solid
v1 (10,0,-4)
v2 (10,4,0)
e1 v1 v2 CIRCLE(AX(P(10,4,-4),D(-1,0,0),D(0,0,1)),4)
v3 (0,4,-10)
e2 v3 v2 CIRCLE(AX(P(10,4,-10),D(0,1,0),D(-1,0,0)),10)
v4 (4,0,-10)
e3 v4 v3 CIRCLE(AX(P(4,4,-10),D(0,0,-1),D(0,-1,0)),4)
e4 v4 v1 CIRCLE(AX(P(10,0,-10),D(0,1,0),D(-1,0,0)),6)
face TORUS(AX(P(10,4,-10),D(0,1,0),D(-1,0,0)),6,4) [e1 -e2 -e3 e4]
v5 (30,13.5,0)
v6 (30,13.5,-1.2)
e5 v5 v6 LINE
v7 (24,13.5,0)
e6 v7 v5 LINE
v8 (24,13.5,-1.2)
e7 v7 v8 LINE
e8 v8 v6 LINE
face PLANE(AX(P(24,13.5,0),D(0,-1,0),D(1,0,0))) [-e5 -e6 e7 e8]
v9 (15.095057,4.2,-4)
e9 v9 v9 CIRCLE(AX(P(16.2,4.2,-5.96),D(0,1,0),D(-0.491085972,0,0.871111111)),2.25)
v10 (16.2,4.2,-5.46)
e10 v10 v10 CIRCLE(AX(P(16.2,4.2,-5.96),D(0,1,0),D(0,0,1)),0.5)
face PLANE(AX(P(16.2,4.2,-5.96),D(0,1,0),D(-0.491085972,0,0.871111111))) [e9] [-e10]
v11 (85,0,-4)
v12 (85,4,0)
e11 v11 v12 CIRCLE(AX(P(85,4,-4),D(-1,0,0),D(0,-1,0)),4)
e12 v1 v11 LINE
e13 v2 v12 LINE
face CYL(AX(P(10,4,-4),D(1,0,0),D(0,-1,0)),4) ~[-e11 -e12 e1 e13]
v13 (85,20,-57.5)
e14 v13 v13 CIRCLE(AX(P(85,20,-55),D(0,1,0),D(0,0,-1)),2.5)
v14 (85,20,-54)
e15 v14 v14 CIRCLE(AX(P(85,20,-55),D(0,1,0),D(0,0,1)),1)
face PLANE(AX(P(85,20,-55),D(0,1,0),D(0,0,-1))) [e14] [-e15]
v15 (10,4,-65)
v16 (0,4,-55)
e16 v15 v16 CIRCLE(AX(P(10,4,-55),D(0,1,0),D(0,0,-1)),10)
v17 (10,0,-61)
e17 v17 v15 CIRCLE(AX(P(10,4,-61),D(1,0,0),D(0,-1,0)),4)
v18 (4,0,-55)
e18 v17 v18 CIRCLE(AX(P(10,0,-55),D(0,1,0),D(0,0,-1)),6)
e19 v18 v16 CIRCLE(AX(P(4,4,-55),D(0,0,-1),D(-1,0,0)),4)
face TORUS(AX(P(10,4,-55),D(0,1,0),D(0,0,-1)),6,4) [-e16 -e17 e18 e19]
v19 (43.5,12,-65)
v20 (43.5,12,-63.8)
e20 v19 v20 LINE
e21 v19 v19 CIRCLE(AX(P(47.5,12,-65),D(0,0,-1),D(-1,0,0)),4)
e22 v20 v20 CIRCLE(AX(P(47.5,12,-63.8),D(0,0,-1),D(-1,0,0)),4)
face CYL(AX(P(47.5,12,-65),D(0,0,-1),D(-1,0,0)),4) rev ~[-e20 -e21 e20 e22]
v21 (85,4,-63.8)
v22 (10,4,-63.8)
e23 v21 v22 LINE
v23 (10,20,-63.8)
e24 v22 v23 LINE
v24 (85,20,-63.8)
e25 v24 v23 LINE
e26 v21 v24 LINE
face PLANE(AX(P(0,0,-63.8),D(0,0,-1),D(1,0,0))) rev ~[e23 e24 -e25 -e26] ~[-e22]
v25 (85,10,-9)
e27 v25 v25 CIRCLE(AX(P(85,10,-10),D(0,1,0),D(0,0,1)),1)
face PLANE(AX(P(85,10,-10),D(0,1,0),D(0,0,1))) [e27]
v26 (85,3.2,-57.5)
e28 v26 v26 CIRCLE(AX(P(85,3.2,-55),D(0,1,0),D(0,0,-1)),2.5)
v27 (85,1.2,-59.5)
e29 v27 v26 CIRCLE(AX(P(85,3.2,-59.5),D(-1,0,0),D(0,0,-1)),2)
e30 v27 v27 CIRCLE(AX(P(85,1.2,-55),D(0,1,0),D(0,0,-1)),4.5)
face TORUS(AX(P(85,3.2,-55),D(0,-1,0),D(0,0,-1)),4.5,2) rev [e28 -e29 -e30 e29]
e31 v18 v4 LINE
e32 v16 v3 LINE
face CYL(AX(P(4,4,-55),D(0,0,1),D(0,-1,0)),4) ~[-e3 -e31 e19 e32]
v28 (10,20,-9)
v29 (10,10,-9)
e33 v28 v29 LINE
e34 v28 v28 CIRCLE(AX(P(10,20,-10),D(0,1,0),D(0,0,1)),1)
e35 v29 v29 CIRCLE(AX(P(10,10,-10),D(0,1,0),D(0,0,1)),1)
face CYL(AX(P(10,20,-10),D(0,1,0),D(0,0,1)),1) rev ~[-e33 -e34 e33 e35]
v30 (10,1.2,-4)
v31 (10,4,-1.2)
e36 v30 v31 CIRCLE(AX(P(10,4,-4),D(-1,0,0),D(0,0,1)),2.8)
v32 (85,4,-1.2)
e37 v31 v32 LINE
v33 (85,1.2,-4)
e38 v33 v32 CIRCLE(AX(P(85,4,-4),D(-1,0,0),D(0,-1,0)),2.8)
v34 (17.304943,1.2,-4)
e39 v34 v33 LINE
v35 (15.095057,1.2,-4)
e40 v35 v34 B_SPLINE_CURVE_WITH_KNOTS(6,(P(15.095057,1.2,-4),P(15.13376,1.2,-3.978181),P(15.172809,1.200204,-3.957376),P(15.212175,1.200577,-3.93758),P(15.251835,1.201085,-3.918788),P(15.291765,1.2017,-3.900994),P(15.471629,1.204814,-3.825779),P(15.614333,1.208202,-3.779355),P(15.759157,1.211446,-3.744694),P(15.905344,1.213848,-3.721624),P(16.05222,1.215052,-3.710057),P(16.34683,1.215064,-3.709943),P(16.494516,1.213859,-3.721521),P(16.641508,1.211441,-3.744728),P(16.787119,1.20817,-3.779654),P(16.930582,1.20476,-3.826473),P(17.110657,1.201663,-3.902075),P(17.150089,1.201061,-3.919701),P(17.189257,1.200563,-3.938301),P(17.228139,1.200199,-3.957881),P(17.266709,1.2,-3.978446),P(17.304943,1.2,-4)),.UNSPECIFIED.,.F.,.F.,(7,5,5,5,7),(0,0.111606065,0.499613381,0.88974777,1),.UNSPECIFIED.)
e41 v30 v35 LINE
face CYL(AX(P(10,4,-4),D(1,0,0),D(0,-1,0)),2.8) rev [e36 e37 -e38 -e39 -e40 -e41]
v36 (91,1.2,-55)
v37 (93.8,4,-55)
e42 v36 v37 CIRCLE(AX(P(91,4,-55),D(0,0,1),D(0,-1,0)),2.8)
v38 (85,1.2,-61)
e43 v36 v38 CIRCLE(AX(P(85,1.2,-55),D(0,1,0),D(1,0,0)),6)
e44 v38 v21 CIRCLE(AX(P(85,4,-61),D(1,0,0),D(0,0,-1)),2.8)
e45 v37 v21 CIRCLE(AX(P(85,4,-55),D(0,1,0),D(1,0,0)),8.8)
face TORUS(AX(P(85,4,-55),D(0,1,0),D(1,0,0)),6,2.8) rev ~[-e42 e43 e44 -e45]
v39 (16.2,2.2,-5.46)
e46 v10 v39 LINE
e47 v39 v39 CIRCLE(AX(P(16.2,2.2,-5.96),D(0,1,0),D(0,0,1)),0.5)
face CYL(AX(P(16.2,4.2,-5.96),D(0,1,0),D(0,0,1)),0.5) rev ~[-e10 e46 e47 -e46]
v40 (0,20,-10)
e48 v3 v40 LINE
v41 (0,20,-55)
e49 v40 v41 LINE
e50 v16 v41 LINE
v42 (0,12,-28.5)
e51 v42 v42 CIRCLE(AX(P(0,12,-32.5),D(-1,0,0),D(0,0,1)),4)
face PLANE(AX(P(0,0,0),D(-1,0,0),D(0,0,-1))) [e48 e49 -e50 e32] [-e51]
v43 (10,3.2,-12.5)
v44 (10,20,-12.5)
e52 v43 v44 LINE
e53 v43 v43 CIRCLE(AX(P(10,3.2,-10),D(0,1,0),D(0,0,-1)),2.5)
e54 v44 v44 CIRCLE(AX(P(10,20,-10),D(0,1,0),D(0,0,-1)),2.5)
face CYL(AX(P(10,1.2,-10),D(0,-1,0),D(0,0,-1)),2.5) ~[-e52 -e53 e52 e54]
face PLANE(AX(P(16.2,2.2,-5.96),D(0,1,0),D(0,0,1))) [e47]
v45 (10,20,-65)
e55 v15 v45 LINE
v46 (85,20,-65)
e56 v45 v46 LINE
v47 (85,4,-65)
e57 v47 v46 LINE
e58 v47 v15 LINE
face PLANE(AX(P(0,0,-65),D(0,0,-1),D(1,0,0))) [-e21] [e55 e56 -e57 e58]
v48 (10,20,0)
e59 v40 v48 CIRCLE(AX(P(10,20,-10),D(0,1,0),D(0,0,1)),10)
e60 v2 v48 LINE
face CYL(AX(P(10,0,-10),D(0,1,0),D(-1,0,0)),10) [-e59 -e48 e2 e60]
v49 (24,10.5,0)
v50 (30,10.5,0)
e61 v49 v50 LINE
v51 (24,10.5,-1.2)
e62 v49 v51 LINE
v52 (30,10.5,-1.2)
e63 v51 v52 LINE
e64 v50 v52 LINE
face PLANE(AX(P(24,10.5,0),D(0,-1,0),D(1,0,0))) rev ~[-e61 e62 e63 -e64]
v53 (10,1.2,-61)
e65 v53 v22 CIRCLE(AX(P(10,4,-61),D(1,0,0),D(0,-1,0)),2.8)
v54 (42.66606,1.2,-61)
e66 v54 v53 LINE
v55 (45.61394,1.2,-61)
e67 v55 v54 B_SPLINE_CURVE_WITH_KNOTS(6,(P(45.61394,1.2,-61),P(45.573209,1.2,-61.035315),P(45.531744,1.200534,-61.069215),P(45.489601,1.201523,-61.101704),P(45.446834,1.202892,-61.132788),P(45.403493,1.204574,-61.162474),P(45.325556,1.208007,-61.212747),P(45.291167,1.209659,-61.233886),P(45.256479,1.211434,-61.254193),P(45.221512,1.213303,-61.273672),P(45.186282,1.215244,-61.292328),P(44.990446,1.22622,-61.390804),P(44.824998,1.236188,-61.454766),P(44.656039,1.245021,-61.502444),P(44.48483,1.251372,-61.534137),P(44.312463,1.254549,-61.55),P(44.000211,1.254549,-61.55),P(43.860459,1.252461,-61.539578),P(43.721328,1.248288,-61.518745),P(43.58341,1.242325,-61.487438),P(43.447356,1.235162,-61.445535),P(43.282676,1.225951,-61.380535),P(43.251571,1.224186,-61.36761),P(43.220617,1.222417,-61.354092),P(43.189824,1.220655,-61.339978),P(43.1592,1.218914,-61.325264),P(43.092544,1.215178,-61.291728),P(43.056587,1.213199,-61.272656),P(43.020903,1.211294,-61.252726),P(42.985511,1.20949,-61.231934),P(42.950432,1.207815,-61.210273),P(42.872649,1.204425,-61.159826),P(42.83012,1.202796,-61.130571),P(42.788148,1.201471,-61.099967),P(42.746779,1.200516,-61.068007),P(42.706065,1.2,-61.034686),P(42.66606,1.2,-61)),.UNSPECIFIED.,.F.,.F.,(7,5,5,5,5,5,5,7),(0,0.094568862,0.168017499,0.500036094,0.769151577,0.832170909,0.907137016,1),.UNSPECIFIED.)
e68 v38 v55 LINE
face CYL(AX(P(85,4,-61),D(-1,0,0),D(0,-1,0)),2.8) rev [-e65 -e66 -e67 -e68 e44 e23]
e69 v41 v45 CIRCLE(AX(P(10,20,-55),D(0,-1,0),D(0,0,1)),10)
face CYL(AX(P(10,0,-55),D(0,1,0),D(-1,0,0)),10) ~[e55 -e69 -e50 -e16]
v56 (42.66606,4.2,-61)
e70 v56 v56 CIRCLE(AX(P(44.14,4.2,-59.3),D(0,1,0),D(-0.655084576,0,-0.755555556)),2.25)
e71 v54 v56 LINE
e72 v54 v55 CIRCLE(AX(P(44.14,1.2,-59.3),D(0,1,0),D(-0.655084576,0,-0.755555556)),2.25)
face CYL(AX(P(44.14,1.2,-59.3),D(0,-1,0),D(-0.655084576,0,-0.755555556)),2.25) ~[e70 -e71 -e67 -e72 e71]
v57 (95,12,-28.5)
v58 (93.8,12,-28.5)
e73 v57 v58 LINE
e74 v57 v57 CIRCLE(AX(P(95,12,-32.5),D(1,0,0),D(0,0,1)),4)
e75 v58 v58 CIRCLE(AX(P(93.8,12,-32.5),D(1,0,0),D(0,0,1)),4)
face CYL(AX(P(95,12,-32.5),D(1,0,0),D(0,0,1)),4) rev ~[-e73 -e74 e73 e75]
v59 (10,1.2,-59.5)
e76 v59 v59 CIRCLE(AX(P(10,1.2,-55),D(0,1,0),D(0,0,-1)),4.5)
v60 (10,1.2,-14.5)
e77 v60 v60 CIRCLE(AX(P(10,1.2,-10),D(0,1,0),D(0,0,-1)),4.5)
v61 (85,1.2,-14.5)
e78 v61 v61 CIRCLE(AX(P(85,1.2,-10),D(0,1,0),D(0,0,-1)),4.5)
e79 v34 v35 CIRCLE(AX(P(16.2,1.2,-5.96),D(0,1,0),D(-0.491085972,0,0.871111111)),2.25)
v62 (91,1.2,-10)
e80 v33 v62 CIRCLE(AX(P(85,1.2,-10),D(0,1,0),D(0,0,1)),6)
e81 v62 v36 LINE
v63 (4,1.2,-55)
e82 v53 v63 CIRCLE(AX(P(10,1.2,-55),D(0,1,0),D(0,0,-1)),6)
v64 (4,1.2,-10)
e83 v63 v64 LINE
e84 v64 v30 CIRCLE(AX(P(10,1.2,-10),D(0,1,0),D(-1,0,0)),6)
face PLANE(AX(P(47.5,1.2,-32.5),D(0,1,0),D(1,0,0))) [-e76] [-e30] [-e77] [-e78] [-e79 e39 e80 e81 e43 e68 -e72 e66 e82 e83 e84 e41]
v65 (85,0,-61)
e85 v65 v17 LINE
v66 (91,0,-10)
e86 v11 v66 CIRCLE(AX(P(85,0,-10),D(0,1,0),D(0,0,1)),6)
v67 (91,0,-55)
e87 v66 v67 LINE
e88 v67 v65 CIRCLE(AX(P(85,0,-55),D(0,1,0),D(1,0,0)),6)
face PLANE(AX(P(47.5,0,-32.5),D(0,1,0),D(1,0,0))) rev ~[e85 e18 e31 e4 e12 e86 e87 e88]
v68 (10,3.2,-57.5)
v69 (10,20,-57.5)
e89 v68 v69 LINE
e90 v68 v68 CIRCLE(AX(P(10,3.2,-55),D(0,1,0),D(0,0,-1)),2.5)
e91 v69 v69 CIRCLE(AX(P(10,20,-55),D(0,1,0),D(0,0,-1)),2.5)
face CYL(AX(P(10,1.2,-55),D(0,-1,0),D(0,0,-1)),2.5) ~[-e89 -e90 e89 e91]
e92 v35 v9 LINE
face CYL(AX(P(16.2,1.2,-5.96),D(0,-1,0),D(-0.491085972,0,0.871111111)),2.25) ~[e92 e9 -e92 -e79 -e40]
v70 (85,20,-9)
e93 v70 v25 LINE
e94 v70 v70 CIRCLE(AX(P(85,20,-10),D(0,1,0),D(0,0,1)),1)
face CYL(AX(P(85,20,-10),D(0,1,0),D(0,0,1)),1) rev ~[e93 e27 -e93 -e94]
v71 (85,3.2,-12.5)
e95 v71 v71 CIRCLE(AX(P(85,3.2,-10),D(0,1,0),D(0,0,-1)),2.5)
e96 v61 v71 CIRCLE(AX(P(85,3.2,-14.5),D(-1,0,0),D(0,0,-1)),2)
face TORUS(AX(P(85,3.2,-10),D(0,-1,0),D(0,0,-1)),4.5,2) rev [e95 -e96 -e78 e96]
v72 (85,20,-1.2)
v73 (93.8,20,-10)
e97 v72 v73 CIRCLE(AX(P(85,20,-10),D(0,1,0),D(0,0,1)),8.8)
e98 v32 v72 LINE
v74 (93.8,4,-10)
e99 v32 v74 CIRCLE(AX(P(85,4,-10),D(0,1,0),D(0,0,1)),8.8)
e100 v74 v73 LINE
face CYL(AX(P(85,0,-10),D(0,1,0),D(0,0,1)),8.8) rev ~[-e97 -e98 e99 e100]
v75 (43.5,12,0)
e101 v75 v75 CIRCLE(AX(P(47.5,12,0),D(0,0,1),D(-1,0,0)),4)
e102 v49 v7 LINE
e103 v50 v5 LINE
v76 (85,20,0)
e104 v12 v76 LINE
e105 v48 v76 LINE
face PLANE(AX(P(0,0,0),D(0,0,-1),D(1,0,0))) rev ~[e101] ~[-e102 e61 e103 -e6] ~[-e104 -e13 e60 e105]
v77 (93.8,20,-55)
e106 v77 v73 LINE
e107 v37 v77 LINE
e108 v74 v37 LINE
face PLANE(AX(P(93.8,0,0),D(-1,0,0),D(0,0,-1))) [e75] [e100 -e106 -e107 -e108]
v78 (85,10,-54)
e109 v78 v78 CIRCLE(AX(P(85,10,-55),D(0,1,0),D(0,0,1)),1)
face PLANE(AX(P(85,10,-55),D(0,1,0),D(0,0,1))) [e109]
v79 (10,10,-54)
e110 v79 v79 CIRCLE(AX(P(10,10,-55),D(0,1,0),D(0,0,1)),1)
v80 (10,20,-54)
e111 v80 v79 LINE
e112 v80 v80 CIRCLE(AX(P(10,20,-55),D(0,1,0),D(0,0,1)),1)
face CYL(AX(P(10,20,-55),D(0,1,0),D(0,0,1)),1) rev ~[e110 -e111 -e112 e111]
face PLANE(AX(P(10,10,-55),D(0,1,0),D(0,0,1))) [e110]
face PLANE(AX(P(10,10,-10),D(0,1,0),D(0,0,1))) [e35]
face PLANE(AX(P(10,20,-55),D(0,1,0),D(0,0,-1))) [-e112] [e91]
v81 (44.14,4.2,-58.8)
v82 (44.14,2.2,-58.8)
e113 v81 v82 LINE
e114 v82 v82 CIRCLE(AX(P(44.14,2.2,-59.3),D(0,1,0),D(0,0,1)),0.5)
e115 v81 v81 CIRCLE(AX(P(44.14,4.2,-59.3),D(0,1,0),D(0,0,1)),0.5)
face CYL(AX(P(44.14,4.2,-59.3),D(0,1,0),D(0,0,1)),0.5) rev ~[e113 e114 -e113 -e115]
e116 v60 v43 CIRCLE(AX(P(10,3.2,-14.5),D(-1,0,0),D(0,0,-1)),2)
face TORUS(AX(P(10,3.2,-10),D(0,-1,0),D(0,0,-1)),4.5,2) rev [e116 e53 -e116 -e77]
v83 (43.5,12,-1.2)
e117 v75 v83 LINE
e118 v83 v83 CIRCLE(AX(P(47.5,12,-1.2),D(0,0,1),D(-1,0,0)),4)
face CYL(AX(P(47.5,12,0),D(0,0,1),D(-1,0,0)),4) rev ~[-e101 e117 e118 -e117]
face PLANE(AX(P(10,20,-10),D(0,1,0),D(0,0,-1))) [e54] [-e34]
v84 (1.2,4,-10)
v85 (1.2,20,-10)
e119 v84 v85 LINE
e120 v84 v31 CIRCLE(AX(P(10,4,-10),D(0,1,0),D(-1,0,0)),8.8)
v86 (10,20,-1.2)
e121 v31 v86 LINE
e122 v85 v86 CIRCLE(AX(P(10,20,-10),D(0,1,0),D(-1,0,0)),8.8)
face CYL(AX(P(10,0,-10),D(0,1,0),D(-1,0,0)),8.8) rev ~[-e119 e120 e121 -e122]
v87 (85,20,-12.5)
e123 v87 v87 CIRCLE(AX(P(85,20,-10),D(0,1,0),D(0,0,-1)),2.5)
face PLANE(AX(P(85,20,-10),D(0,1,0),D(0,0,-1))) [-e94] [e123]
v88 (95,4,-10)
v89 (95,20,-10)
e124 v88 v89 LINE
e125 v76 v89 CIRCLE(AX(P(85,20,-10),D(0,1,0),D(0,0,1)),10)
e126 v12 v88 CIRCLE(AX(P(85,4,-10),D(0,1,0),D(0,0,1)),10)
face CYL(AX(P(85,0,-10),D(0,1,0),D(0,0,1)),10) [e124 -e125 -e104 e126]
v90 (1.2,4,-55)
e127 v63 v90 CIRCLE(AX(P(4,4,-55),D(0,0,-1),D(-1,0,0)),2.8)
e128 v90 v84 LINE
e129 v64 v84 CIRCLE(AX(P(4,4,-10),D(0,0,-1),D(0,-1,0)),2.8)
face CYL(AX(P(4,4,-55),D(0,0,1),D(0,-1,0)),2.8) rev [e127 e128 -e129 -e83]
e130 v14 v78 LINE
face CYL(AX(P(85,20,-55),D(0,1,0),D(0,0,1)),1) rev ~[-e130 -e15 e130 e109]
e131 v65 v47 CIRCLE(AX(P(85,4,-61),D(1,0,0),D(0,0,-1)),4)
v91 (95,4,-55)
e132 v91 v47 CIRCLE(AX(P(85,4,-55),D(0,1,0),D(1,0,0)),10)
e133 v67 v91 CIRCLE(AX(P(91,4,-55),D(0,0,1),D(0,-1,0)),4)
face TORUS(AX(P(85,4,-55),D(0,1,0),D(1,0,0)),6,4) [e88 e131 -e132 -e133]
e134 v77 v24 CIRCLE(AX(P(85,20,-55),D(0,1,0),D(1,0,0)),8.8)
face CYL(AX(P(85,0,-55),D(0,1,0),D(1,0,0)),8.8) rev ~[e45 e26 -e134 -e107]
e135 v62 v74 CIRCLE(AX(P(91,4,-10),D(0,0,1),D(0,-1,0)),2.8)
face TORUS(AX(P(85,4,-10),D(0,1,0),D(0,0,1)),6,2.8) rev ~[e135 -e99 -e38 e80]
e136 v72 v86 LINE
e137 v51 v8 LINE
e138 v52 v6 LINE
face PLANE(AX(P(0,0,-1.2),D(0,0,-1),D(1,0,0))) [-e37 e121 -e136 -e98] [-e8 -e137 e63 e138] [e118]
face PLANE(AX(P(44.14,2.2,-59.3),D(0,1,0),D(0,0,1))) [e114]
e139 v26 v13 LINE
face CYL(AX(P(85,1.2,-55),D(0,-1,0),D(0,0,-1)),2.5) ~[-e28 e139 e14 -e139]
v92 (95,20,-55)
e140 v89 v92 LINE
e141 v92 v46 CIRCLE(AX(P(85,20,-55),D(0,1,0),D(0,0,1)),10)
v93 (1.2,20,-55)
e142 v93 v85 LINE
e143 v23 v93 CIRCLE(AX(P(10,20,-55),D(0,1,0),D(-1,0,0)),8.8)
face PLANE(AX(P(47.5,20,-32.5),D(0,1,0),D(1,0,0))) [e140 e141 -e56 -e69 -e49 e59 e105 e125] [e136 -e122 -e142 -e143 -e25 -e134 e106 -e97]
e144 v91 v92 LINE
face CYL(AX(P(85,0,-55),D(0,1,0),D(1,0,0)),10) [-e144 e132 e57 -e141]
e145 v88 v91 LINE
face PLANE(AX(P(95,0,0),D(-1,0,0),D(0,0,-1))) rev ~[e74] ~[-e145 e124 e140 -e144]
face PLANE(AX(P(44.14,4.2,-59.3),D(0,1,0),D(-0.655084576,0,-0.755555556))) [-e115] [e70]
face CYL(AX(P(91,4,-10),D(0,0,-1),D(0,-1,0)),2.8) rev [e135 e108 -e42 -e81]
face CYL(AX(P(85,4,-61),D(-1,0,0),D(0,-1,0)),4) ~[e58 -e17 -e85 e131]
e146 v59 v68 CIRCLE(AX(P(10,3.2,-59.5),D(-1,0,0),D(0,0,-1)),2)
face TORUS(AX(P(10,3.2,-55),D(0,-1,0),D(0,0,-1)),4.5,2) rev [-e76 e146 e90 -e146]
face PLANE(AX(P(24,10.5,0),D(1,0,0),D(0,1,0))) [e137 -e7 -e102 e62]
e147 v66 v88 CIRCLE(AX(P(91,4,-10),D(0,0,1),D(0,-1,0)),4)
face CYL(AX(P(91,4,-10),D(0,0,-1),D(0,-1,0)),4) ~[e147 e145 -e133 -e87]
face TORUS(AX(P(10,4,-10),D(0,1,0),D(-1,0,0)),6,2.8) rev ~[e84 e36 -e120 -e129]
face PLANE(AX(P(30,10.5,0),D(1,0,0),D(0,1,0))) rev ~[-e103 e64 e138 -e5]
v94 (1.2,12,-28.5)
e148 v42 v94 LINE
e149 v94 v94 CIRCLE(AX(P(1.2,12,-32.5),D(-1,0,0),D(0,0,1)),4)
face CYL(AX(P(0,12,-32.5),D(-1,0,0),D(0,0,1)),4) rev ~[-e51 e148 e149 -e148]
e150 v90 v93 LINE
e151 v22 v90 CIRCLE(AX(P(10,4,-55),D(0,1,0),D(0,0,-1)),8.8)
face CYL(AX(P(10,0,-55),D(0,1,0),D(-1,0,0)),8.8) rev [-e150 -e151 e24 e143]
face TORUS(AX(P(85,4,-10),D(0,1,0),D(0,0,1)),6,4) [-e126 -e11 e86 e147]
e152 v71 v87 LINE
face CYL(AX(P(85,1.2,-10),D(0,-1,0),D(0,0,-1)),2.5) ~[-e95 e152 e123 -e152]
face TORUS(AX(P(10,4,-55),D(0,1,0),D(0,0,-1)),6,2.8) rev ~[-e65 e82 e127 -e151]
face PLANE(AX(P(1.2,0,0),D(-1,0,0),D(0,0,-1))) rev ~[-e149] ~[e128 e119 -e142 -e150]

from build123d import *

# Parameters (mm, degrees)
SKETCH1_W            = 95
SKETCH1_H            = 65
BOSS_EXTRUDE1_DEPTH  = 20
FILLET1_R            = 10
FILLET2_R            = 4
SHELL1_T             = -1.2
SKETCH4_R            = 2.25
PLATINENZAPFEN_DEPTH = 3
SKETCH5_R            = 2.5
BOSS_EXTRUDE3_DEPTH  = 18.8
SKETCH7_R            = 1
CUT_EXTRUDE2_DEPTH   = 10
FILLET3_R            = 2
SKETCH8_R            = 0.5
CUT_EXTRUDE3_DEPTH   = 2
CUT_EXTRUDE4_REACH   = 118.833
SKETCH9_R            = 4
CUT_EXTRUDE1_REACH   = 118.833
SKETCH2_R            = 4
CUT_EXTRUDE5_REACH   = 118.833
SKETCH10_R           = 4
CUT_EXTRUDE6_REACH   = 118.833
SKETCH11_R           = 4
CUT_EXTRUDE7_REACH   = 118.833
SKETCH12_W           = 6
SKETCH12_H           = 3


with BuildPart() as part:
    # Sketch1 → Boss-Extrude1 (new body)
    with BuildSketch(Plane(origin=(0, 0, 0), x_dir=(1, 0, 0), z_dir=(0, 1, 0))):
        with Locations((47.5, 32.5)):
            Rectangle(SKETCH1_W, SKETCH1_H)
    extrude(amount=BOSS_EXTRUDE1_DEPTH)

    # Fillet1
    fillet1_edges = [part.edges().sort_by_distance(p)[0] for p in [
        (0, 10, -65),
        (95, 10, -65),
        (95, 10, 0),
        (0, 10, 0),
    ]]
    fillet(fillet1_edges, radius=FILLET1_R)

    # Fillet2
    fillet2_edges = [part.edges().sort_by_distance(p)[0] for p in [
        (95, 0, -32.5),
        (0, 0, -32.5),
        (47.5, 0, -65),
        (47.5, 0, 0),
        (2.928932188, 0, -2.928932188),
        (2.928932188, 0, -62.071067812),
        (92.071067812, 0, -62.071067812),
        (92.071067812, 0, -2.928932188),
    ]]
    fillet(fillet2_edges, radius=FILLET2_R)

    # Shell1
    shell1_openings = [part.faces().sort_by_distance(p)[0] for p in [
        (47.5, 20, -32.5),
    ]]
    offset(amount=SHELL1_T, openings=shell1_openings, kind=Kind.INTERSECTION)

    # Sketch4 → Platinenzapfen (add)
    with BuildSketch(Plane(origin=(0, 1.2, 0), x_dir=(1, 0, 0), z_dir=(0, 1, 0))):
        with Locations(Location((44.14, 59.3, 0), (0, 0, 130.92606327))):
            Circle(SKETCH4_R)
        with Locations(Location((16.2, 5.96, 0), (0, 0, 240.588015604))):
            Circle(SKETCH4_R)
    extrude(amount=PLATINENZAPFEN_DEPTH)

    # Sketch5 → Boss-Extrude3 (add)
    with BuildSketch(Plane(origin=(0, 1.2, 0), x_dir=(1, 0, 0), z_dir=(0, 1, 0))):
        with Locations(Location((10, 55, 0), (0, 0, 90))):
            Circle(SKETCH5_R)
        with Locations(Location((85, 55, 0), (0, 0, 90))):
            Circle(SKETCH5_R)
        with Locations(Location((85, 10, 0), (0, 0, 90))):
            Circle(SKETCH5_R)
        with Locations(Location((10, 10, 0), (0, 0, 90))):
            Circle(SKETCH5_R)
    extrude(amount=BOSS_EXTRUDE3_DEPTH)

    # Sketch7 → Cut-Extrude2 (cut)
    with BuildSketch(Plane(origin=(0, 20, 0), x_dir=(1, 0, 0), z_dir=(0, 1, 0))):
        with Locations(Location((10, 55, 0), (0, 0, 270))):
            Circle(SKETCH7_R)
        with Locations(Location((85, 55, 0), (0, 0, 270))):
            Circle(SKETCH7_R)
        with Locations(Location((85, 10, 0), (0, 0, 270))):
            Circle(SKETCH7_R)
        with Locations(Location((10, 10, 0), (0, 0, 270))):
            Circle(SKETCH7_R)
    extrude(amount=-CUT_EXTRUDE2_DEPTH, mode=Mode.SUBTRACT)

    # Fillet3
    fillet3_edges = [part.edges().sort_by_distance(p)[0] for p in [
        (10, 1.2, -52.5),
        (85, 1.2, -52.5),
        (85, 1.2, -7.5),
        (10, 1.2, -7.5),
    ]]
    fillet(fillet3_edges, radius=FILLET3_R)

    # Sketch8 → Cut-Extrude3 (cut)
    with BuildSketch(Plane(origin=(0, 4.2, 0), x_dir=(1, 0, 0), z_dir=(0, 1, 0))):
        with Locations(Location((44.14, 59.3, 0), (0, 0, 270))):
            Circle(SKETCH8_R)
        with Locations(Location((16.2, 5.96, 0), (0, 0, 270))):
            Circle(SKETCH8_R)
    extrude(amount=-CUT_EXTRUDE3_DEPTH, mode=Mode.SUBTRACT)

    # Sketch9 → Cut-Extrude4 (cut, up to next)
    with BuildSketch(Plane(origin=(0, 0, -65), x_dir=(-1, 0, 0), z_dir=(0, 0, -1)), mode=Mode.PRIVATE) as cut_extrude4_sk1:
        with Locations((-47.5, 12)):
            Circle(SKETCH9_R)
    cut_extrude4_tool1 = extrude(cut_extrude4_sk1.sketch, amount=-CUT_EXTRUDE4_REACH, mode=Mode.PRIVATE) & part.part
    add(cut_extrude4_tool1.solids().sort_by_distance((47.5, 12, -65))[0], mode=Mode.SUBTRACT)

    # Sketch2 → Cut-Extrude1 (cut, up to next)
    with BuildSketch(Plane.XY, mode=Mode.PRIVATE) as cut_extrude1_sk1:
        with Locations(Location((47.5, 12, 0), (0, 0, 180))):
            Circle(SKETCH2_R)
    cut_extrude1_tool1 = extrude(cut_extrude1_sk1.sketch, amount=-CUT_EXTRUDE1_REACH, mode=Mode.PRIVATE) & part.part
    add(cut_extrude1_tool1.solids().sort_by_distance((47.5, 12, 0))[0], mode=Mode.SUBTRACT)

    # Sketch10 → Cut-Extrude5 (cut, up to next)
    with BuildSketch(Plane.ZY, mode=Mode.PRIVATE) as cut_extrude5_sk1:
        with Locations((-32.5, 12)):
            Circle(SKETCH10_R)
    cut_extrude5_tool1 = extrude(cut_extrude5_sk1.sketch, amount=-CUT_EXTRUDE5_REACH, mode=Mode.PRIVATE) & part.part
    add(cut_extrude5_tool1.solids().sort_by_distance((0, 12, -32.5))[0], mode=Mode.SUBTRACT)

    # Sketch11 → Cut-Extrude6 (cut, up to next)
    with BuildSketch(Plane(origin=(95, 0, 0), x_dir=(0, 0, -1), z_dir=(1, 0, 0)), mode=Mode.PRIVATE) as cut_extrude6_sk1:
        with Locations(Location((32.5, 12, 0), (0, 0, 180))):
            Circle(SKETCH11_R)
    cut_extrude6_tool1 = extrude(cut_extrude6_sk1.sketch, amount=-CUT_EXTRUDE6_REACH, mode=Mode.PRIVATE) & part.part
    add(cut_extrude6_tool1.solids().sort_by_distance((95, 12, -32.5))[0], mode=Mode.SUBTRACT)

    # Sketch12 → Cut-Extrude7 (cut, up to next)
    with BuildSketch(Plane.XY, mode=Mode.PRIVATE) as cut_extrude7_sk1:
        with Locations((27, 12)):
            Rectangle(SKETCH12_W, SKETCH12_H)
    cut_extrude7_tool1 = extrude(cut_extrude7_sk1.sketch, amount=-CUT_EXTRUDE7_REACH, mode=Mode.PRIVATE) & part.part
    add(cut_extrude7_tool1.solids().sort_by_distance((27, 12, 0))[0], mode=Mode.SUBTRACT)


solid = part.part
